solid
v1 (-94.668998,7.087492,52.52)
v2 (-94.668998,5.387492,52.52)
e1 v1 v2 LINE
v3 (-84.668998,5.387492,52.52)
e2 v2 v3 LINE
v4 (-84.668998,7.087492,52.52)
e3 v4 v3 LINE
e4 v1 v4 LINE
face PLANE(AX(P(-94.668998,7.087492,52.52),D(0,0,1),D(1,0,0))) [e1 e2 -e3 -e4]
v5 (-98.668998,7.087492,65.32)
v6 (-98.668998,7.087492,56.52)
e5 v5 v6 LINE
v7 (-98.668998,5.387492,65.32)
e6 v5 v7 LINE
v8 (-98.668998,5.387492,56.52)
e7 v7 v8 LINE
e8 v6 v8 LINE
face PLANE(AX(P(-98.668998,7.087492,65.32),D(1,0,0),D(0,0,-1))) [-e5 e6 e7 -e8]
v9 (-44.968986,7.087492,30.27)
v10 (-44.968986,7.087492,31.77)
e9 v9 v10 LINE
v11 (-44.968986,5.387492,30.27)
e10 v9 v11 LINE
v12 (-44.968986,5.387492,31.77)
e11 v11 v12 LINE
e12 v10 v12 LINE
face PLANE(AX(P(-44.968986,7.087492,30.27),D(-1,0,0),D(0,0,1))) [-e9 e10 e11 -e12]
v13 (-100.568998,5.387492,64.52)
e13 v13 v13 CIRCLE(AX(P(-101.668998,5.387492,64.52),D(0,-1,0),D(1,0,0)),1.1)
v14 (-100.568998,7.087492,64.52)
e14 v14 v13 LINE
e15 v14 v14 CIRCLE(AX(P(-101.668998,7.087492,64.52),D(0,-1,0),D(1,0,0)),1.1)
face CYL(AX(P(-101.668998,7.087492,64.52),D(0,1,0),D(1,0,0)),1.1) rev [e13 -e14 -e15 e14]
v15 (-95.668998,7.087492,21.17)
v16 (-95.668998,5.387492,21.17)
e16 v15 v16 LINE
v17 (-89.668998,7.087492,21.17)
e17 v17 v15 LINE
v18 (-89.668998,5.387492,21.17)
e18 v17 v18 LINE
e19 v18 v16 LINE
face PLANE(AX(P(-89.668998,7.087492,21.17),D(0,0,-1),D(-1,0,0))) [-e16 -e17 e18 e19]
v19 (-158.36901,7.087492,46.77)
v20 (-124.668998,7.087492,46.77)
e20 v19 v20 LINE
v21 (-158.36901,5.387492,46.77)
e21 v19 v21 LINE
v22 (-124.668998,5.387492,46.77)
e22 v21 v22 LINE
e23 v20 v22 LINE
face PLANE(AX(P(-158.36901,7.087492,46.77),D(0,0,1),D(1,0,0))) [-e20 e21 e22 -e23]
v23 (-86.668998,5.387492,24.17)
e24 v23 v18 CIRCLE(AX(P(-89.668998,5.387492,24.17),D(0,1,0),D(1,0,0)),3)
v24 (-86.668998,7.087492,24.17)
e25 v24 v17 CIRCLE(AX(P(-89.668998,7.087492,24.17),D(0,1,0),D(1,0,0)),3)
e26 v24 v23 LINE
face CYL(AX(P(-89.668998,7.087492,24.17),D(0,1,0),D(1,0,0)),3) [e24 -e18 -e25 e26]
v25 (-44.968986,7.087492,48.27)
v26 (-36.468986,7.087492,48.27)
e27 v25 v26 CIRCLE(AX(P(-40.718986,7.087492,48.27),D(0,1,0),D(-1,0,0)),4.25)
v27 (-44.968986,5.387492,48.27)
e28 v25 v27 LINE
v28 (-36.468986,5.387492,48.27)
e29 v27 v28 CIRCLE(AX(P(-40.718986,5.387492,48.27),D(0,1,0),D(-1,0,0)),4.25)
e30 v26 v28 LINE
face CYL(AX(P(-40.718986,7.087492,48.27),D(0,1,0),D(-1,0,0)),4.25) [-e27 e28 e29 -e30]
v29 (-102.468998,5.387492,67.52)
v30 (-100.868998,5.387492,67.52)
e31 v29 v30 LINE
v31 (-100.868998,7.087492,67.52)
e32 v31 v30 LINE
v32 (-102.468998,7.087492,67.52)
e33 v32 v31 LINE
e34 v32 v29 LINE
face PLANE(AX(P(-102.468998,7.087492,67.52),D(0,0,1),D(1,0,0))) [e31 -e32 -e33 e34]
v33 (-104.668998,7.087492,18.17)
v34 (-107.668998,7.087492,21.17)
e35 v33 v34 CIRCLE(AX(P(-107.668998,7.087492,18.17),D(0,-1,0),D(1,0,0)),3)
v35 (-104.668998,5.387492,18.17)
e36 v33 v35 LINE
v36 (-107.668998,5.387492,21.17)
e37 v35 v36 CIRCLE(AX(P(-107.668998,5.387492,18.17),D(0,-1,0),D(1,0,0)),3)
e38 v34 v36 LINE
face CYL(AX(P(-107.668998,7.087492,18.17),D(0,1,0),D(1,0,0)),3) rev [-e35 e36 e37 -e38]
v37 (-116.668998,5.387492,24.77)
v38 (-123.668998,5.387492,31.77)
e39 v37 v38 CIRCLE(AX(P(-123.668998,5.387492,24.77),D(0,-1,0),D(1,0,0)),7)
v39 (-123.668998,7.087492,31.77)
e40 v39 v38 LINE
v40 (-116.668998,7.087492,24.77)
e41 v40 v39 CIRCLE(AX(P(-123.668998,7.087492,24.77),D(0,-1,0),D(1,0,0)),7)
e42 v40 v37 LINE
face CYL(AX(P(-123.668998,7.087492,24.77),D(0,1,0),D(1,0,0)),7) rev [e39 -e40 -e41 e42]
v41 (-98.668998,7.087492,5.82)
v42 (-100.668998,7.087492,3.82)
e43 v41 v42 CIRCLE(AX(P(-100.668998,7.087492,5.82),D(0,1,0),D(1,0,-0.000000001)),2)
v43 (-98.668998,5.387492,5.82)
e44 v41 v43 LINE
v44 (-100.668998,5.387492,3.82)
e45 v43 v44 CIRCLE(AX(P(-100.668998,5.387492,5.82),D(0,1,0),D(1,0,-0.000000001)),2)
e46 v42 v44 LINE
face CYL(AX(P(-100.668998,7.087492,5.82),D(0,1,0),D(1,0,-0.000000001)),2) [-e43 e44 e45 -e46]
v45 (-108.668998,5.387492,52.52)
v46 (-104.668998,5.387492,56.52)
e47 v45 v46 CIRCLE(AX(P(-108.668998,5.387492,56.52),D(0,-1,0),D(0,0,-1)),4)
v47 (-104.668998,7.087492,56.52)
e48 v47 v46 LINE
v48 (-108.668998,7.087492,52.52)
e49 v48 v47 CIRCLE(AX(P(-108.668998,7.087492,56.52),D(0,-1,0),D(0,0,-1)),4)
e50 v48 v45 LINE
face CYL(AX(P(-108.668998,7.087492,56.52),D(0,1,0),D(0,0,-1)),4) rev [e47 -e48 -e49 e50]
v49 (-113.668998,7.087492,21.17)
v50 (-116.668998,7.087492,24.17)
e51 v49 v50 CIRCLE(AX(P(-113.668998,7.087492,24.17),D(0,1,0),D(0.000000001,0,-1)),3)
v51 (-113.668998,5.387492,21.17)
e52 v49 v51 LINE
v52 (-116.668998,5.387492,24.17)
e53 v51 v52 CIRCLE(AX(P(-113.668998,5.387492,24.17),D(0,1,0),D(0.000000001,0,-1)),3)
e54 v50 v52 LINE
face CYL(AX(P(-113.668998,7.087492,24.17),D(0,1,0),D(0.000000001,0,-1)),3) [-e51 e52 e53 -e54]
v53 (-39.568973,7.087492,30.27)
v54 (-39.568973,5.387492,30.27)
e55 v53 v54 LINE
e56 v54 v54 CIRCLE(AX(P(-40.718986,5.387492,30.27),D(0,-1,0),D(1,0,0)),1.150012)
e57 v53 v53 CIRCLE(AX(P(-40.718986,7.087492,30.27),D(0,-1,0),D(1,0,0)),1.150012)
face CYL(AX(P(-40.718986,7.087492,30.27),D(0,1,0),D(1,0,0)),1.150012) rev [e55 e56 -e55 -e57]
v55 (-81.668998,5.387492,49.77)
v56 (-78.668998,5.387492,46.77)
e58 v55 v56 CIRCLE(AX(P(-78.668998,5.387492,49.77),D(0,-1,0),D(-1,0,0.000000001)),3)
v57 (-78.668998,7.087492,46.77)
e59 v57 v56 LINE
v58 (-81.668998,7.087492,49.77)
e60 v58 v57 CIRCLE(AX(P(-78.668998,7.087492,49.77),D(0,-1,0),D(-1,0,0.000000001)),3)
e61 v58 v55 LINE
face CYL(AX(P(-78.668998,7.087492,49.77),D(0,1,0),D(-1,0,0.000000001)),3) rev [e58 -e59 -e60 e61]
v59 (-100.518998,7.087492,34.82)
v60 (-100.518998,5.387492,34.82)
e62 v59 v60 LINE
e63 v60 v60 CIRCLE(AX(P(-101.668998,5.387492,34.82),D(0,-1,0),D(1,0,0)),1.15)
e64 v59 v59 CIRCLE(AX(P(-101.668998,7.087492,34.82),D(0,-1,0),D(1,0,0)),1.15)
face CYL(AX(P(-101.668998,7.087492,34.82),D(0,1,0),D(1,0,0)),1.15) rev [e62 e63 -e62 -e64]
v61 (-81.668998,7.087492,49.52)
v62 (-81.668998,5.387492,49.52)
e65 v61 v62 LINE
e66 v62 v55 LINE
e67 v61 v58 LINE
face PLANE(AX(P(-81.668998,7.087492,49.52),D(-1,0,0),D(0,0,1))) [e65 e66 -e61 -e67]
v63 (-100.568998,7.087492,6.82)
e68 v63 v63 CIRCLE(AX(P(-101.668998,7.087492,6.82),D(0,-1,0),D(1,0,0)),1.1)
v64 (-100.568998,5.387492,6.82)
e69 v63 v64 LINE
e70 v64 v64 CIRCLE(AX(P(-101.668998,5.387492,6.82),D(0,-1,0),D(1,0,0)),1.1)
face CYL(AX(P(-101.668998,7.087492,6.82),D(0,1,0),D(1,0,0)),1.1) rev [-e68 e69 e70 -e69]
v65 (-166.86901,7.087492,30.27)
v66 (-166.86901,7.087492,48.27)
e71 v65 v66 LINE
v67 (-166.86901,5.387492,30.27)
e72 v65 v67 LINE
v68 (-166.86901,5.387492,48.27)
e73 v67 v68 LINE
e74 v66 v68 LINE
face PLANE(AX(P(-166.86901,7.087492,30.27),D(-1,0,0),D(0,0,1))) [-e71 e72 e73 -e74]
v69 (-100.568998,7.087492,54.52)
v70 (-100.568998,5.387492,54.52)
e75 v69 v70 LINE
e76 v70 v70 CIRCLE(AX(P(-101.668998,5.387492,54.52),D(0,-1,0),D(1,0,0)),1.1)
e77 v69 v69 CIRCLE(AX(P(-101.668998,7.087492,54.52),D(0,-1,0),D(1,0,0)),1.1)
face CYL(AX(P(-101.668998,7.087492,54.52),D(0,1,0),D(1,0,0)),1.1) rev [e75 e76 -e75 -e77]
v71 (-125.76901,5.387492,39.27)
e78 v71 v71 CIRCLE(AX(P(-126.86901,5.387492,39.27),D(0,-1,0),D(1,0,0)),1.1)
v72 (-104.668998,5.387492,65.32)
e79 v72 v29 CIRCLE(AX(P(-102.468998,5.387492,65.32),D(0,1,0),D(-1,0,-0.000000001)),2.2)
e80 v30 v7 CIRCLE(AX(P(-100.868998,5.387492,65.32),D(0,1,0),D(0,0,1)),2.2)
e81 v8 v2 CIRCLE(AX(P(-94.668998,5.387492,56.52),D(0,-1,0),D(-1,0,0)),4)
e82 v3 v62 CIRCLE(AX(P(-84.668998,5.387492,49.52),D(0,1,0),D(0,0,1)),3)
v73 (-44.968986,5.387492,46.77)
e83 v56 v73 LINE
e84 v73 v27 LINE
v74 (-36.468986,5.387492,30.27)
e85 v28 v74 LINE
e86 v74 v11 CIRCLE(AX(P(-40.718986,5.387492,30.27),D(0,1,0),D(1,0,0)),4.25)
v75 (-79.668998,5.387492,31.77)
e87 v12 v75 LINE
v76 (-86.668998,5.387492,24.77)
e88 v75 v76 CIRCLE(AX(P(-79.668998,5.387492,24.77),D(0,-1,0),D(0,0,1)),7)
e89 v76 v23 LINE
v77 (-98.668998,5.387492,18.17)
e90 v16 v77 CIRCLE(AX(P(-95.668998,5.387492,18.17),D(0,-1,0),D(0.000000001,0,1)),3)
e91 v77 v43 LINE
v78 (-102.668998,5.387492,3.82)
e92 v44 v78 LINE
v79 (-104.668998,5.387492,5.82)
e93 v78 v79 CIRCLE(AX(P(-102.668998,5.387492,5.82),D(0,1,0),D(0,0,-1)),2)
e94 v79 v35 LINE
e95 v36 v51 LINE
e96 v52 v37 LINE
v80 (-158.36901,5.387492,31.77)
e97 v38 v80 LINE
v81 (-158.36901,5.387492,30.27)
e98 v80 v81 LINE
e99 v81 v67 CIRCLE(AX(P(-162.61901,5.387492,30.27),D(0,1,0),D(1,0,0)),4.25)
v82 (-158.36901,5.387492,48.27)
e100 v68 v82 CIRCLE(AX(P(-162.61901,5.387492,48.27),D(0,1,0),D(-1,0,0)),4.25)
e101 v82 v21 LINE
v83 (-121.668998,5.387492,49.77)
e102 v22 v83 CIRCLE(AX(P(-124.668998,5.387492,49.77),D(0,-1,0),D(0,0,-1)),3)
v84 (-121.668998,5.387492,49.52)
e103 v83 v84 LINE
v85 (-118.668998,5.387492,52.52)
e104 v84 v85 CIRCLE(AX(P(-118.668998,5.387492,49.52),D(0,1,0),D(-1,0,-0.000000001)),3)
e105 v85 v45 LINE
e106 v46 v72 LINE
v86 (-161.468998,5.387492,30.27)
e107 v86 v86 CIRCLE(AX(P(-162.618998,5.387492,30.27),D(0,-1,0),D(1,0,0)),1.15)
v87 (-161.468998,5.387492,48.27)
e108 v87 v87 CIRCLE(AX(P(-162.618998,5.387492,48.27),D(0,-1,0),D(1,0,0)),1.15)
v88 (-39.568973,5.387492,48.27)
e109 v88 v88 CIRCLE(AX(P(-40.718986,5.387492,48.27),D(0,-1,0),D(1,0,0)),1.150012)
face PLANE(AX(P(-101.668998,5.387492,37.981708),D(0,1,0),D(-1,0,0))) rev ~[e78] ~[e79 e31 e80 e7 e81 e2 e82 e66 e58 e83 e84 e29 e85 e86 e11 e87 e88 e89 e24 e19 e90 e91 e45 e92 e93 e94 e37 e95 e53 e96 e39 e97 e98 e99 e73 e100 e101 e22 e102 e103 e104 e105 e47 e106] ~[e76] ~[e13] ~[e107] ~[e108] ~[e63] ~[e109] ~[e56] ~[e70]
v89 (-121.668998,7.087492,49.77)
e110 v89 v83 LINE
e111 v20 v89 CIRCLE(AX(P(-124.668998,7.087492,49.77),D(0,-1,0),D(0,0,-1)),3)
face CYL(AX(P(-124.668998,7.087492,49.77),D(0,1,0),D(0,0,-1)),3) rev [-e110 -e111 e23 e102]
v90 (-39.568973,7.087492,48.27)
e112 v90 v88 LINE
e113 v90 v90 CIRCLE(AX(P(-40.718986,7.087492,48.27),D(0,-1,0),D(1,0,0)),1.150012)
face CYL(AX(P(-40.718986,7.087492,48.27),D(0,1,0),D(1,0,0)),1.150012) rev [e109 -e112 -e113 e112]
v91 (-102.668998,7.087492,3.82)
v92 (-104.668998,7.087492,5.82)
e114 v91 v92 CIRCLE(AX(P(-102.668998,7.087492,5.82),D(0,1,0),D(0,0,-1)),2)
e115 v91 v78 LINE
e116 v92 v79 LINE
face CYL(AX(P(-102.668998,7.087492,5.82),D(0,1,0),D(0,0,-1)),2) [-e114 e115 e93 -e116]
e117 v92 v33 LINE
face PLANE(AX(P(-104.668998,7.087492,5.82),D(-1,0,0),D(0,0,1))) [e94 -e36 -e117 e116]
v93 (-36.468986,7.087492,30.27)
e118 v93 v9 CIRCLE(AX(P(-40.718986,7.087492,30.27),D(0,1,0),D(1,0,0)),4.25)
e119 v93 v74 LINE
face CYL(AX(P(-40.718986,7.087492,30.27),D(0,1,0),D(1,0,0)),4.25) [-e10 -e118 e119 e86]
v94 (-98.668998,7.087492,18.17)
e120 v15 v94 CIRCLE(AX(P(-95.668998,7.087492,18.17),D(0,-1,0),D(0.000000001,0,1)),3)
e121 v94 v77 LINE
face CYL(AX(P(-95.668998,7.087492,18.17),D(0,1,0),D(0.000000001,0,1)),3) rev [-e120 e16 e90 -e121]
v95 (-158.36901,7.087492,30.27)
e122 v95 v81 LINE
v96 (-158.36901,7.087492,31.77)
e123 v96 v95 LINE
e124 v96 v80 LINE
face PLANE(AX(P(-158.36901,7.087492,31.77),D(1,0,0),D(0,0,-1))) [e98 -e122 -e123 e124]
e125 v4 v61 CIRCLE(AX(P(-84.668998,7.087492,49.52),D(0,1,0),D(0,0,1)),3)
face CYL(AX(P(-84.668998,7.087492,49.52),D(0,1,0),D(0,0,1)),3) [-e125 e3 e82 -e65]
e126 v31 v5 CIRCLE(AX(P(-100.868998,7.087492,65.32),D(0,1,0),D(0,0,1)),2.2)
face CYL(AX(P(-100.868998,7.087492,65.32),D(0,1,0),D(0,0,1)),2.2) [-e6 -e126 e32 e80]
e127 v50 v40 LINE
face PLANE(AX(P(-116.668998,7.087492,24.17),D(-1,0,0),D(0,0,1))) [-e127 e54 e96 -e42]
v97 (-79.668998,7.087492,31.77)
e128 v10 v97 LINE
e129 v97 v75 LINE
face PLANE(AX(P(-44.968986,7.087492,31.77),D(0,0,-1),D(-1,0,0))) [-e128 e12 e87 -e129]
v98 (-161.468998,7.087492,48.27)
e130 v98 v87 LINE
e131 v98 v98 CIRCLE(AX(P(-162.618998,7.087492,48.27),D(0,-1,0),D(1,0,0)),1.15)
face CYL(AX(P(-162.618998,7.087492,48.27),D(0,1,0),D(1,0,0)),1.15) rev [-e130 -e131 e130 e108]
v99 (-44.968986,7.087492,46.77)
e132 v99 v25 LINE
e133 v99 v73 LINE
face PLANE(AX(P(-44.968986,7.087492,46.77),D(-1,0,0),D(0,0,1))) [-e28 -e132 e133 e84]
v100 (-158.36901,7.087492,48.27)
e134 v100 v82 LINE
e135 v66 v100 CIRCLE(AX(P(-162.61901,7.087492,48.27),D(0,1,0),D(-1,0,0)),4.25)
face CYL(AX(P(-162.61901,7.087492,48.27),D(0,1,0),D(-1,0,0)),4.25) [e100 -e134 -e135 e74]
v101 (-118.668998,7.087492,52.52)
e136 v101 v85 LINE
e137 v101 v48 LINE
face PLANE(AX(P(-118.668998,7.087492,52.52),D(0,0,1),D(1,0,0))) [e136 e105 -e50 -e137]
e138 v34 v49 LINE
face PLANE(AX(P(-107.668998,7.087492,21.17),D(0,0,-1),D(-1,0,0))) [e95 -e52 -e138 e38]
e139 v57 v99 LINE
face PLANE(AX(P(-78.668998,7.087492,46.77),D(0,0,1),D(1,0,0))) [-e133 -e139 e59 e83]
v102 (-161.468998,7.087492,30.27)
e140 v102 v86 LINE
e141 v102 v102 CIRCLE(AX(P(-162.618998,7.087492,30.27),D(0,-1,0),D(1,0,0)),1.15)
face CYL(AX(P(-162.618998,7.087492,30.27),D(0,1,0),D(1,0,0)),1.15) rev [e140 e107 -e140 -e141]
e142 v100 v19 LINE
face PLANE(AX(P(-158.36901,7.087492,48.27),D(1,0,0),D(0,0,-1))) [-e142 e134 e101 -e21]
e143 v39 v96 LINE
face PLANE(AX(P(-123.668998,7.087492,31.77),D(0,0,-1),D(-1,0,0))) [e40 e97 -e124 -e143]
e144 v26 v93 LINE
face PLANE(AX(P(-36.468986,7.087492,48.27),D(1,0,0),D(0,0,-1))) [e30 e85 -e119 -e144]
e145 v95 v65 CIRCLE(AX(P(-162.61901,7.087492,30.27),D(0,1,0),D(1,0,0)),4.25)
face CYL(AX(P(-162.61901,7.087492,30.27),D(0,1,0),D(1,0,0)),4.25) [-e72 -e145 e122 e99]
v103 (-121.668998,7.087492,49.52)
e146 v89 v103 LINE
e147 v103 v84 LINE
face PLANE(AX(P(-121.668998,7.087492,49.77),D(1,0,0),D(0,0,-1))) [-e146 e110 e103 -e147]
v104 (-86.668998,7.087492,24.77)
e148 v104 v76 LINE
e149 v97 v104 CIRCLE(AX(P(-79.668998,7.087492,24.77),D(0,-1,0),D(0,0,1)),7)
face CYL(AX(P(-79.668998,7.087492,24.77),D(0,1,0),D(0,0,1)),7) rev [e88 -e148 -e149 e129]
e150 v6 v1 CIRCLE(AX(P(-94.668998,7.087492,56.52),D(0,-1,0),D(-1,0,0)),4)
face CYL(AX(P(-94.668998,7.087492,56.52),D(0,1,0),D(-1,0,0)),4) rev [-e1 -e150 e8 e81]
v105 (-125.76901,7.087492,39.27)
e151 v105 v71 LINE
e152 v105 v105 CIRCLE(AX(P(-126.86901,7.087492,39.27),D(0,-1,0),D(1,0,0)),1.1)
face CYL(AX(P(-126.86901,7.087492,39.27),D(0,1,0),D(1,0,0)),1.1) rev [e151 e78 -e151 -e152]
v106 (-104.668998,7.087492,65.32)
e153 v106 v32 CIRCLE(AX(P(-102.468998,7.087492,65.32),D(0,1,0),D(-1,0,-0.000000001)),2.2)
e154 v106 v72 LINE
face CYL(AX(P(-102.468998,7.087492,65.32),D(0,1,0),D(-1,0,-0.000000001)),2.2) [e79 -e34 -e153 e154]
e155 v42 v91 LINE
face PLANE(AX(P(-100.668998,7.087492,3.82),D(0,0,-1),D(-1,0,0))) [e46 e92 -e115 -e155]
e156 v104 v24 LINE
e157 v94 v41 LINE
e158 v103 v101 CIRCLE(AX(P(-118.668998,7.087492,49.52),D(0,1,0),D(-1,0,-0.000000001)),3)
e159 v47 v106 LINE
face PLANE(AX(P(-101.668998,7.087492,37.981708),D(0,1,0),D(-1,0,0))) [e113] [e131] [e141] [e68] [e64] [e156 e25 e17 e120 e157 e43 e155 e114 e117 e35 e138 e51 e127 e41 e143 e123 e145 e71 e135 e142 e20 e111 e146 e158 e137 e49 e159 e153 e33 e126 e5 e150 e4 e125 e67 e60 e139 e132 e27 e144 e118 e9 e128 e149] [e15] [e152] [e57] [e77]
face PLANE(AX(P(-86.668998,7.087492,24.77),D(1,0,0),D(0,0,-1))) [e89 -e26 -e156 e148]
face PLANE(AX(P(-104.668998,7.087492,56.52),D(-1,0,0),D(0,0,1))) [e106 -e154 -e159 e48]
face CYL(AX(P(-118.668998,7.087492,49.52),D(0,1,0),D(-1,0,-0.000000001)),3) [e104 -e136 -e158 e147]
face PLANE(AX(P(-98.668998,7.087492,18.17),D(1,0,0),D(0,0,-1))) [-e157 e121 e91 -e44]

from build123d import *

# Parameters (mm, degrees)
SZKIC1_R                    = 1.15
SZKIC1_R_2                  = 1.150012437
SZKIC1_R_3                  = 1.1
DODANIE_WYCI_GNI_CIE1_DEPTH = 1.7


with BuildPart() as part:
    # Szkic1 → Dodanie-wyciągnięcie1 (new body)
    with BuildSketch(Plane.XZ.offset(-7.087491716)):
        with BuildLine():
            Line((-166.869010382, 45.27), (-166.869010382, 48.27))
            ThreePointArc((-166.869010382, 48.27), (-162.619010382, 52.52), (-158.369010382, 48.27))
            Line((-158.369010382, 48.27), (-158.369010382, 46.77))
            Line((-158.369010382, 46.77), (-124.668997945, 46.77))
            ThreePointArc((-124.668997945, 46.77), (-122.547677602, 47.648679656), (-121.668997945, 49.77))
            Line((-121.668997945, 49.77), (-121.668997945, 49.52))
            ThreePointArc((-121.668997945, 49.52), (-120.790318289, 51.641320344), (-118.668997945, 52.52))
            Line((-118.668997945, 52.52), (-108.668997945, 52.52))
            ThreePointArc((-108.668997945, 52.52), (-105.840570821, 53.691572875), (-104.668997945, 56.52))
            Line((-104.668997945, 56.52), (-104.668997945, 65.32))
            ThreePointArc((-104.668997945, 65.32), (-104.024632864, 66.875634919), (-102.468997945, 67.52))
            Line((-102.468997945, 67.52), (-100.868997945, 67.52))
            ThreePointArc((-100.868997945, 67.52), (-99.313363027, 66.875634919), (-98.668997945, 65.32))
            Line((-98.668997945, 65.32), (-98.668997945, 56.52))
            ThreePointArc((-98.668997945, 56.52), (-97.49742507, 53.691572875), (-94.668997945, 52.52))
            Line((-94.668997945, 52.52), (-84.668997945, 52.52))
            ThreePointArc((-84.668997945, 52.52), (-82.547677602, 51.641320344), (-81.668997945, 49.52))
            Line((-81.668997945, 49.52), (-81.668997945, 49.77))
            ThreePointArc((-81.668997945, 49.77), (-80.790318289, 47.648679656), (-78.668997945, 46.77))
            Line((-78.668997945, 46.77), (-44.968985509, 46.77))
            Line((-44.968985509, 46.77), (-44.968985509, 48.27))
            ThreePointArc((-44.968985509, 48.27), (-40.718985509, 52.52), (-36.468985509, 48.27))
            Line((-36.468985509, 48.27), (-36.468985509, 45.27))
            Line((-36.468985509, 45.27), (-36.468985509, 33.27))
            Line((-36.468985509, 33.27), (-36.468985509, 30.27))
            ThreePointArc((-36.468985509, 30.27), (-40.718985509, 26.02), (-44.968985509, 30.27))
            Line((-44.968985509, 30.27), (-44.968985509, 31.77))
            Line((-44.968985509, 31.77), (-79.668997945, 31.77))
            ThreePointArc((-79.668997945, 31.77), (-84.618745414, 29.719747468), (-86.668997945, 24.77))
            Line((-86.668997945, 24.77), (-86.668997945, 24.17))
            ThreePointArc((-86.668997945, 24.17), (-87.547677602, 22.048679656), (-89.668997945, 21.17))
            Line((-89.668997945, 21.17), (-95.668997945, 21.17))
            ThreePointArc((-95.668997945, 21.17), (-97.790318289, 20.291320344), (-98.668997945, 18.17))
            Line((-98.668997945, 18.17), (-98.668997945, 5.82))
            ThreePointArc((-98.668997945, 5.82), (-99.254784383, 4.405786438), (-100.668997945, 3.82))
            Line((-100.668997945, 3.82), (-102.668997945, 3.82))
            ThreePointArc((-102.668997945, 3.82), (-104.083211508, 4.405786438), (-104.668997945, 5.82))
            Line((-104.668997945, 5.82), (-104.668997945, 18.17))
            ThreePointArc((-104.668997945, 18.17), (-105.547677602, 20.291320344), (-107.668997945, 21.17))
            Line((-107.668997945, 21.17), (-113.668997945, 21.17))
            ThreePointArc((-113.668997945, 21.17), (-115.790318289, 22.048679656), (-116.668997945, 24.17))
            Line((-116.668997945, 24.17), (-116.668997945, 24.77))
            ThreePointArc((-116.668997945, 24.77), (-118.719250477, 29.719747468), (-123.668997945, 31.77))
            Line((-123.668997945, 31.77), (-158.369010382, 31.77))
            Line((-158.369010382, 31.77), (-158.369010382, 30.27))
            ThreePointArc((-158.369010382, 30.27), (-162.619010382, 26.02), (-166.869010382, 30.27))
            Line((-166.869010382, 30.27), (-166.869010382, 33.27))
            Line((-166.869010382, 33.27), (-166.869010382, 45.27))
        make_face()
        with Locations((-162.618997945, 30.27)):
            Circle(SZKIC1_R, mode=Mode.SUBTRACT)
        with Locations((-162.618997945, 48.27)):
            Circle(SZKIC1_R, mode=Mode.SUBTRACT)
        with Locations((-40.718985509, 48.27)):
            Circle(SZKIC1_R_2, mode=Mode.SUBTRACT)
        with Locations((-40.718985509, 30.27)):
            Circle(SZKIC1_R_2, mode=Mode.SUBTRACT)
        with Locations((-101.668997945, 6.82)):
            Circle(SZKIC1_R_3, mode=Mode.SUBTRACT)
        with Locations((-126.869010382, 39.27)):
            Circle(SZKIC1_R_3, mode=Mode.SUBTRACT)
        with Locations((-101.668997945, 54.52)):
            Circle(SZKIC1_R_3, mode=Mode.SUBTRACT)
        with Locations((-101.668997945, 64.52)):
            Circle(SZKIC1_R_3, mode=Mode.SUBTRACT)
        with Locations((-101.668997945, 34.82)):
            Circle(SZKIC1_R, mode=Mode.SUBTRACT)
    extrude(amount=DODANIE_WYCI_GNI_CIE1_DEPTH)


solid = part.part
